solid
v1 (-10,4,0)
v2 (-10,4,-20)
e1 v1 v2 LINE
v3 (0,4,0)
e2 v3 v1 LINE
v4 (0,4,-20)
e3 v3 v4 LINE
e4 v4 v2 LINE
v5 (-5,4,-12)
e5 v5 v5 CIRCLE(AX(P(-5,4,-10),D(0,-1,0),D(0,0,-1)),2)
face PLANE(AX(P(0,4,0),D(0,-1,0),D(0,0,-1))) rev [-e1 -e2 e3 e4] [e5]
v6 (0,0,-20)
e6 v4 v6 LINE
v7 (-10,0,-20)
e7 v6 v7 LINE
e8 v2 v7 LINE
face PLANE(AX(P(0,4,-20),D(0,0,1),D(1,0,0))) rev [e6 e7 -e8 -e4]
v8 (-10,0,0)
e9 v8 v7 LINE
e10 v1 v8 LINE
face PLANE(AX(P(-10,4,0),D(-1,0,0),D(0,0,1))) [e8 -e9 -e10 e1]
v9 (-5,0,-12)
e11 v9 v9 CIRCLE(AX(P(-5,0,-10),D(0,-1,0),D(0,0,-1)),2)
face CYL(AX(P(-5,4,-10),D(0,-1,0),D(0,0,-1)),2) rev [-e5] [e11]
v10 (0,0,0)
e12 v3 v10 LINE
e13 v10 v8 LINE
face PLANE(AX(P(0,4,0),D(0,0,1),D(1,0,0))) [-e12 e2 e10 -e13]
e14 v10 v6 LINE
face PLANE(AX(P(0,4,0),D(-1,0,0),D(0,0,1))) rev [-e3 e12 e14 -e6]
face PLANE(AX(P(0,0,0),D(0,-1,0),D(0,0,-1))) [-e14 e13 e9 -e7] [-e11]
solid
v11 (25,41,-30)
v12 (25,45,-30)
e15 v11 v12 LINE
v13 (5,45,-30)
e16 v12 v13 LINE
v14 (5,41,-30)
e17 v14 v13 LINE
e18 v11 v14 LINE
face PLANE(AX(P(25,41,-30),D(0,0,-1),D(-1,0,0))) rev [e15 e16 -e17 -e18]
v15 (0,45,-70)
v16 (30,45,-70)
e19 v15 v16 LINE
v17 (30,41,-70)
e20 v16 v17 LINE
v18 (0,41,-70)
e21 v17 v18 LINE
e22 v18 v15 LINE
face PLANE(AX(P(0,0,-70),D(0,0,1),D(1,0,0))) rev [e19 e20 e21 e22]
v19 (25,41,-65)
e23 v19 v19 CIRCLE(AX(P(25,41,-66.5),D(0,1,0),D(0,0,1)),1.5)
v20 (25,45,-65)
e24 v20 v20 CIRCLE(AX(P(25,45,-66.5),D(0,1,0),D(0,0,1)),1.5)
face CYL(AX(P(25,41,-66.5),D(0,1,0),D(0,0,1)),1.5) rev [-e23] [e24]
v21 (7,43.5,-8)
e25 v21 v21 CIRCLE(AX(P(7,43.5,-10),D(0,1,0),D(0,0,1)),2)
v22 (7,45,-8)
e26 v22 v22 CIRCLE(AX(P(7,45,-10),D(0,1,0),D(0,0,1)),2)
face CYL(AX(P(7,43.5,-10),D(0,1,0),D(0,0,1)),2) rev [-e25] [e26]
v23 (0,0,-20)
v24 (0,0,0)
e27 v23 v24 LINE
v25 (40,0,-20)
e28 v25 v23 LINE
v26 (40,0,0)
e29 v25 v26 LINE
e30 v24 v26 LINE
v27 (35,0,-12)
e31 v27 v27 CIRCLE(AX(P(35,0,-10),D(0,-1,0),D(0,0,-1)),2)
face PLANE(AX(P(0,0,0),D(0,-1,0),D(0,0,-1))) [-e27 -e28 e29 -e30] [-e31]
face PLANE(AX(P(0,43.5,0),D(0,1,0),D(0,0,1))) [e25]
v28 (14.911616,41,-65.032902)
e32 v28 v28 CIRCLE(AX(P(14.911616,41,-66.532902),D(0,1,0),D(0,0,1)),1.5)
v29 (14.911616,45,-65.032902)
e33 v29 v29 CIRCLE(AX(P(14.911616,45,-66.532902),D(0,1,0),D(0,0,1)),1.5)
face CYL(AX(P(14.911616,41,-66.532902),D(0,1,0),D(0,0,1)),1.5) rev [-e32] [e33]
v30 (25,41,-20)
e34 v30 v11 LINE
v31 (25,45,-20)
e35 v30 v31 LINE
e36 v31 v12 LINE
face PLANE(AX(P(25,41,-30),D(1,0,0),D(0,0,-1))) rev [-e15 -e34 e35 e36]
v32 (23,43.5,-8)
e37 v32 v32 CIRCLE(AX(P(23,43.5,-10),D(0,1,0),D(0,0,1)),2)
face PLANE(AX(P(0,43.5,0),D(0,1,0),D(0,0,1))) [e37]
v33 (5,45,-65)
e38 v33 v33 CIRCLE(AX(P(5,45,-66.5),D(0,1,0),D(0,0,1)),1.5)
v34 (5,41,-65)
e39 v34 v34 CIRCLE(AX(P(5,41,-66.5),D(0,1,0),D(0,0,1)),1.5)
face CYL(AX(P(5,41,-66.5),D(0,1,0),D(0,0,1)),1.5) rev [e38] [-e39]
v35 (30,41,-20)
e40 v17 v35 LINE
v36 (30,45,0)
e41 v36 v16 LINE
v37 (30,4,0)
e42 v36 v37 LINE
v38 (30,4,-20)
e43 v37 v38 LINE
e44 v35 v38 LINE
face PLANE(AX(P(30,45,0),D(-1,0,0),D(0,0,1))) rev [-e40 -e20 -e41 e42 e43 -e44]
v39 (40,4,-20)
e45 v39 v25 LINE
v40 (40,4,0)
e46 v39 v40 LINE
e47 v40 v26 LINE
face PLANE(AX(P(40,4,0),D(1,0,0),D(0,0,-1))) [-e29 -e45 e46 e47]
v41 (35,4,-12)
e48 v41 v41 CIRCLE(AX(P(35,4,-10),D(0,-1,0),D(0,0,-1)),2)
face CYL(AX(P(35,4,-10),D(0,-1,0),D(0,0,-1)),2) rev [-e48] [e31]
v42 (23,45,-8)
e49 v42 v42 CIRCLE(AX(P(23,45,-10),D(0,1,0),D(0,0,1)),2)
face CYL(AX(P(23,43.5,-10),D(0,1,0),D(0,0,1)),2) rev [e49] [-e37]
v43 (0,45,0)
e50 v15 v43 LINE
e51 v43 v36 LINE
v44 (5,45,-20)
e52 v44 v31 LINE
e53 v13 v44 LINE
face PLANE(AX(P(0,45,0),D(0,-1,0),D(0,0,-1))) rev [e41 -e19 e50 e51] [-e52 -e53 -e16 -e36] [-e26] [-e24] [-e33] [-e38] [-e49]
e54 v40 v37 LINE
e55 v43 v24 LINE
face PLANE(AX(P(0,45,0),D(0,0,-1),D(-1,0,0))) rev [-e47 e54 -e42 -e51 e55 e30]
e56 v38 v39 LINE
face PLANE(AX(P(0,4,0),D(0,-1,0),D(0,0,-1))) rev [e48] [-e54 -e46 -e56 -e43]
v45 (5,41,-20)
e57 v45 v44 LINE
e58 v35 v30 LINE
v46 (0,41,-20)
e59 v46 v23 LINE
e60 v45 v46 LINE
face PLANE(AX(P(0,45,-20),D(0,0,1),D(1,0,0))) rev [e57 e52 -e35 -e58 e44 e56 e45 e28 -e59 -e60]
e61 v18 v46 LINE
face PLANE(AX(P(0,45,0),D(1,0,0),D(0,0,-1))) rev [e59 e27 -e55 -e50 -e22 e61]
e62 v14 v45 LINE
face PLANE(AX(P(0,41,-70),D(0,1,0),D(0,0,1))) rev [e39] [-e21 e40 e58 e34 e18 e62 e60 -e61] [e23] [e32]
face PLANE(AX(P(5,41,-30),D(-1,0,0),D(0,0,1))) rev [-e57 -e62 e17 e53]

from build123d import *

# Parameters (mm, degrees)
SKETCH1_W           = 30
SKETCH1_H           = 20
BOSS_EXTRUDE1_DEPTH = 45
SKETCH3_W           = 10
SKETCH3_H           = 20
BOSS_EXTRUDE2_DEPTH = 4
SKETCH4_W           = 10
SKETCH4_H           = 20
BOSS_EXTRUDE3_DEPTH = 4
SKETCH5_R           = 2
CUT_EXTRUDE2_DEPTH  = 4
SKETCH8_R           = 2
CUT_EXTRUDE3_DEPTH  = 1.5
SKETCH9_W           = 30
SKETCH9_H           = 4
BOSS_EXTRUDE4_DEPTH = 50
SKETCH10_W          = 20
SKETCH10_H          = 10
CUT_EXTRUDE4_DEPTH  = 4
SKETCH11_R          = 1.5
CUT_EXTRUDE5_DEPTH  = 4


with BuildPart() as part:
    # Sketch1 → Boss-Extrude1 (new body)
    with BuildSketch(Plane(origin=(0, 0, 0), x_dir=(1, 0, 0), z_dir=(0, 1, 0))):
        with Locations((15, 10)):
            Rectangle(SKETCH1_W, SKETCH1_H)
    extrude(amount=BOSS_EXTRUDE1_DEPTH)

    # Sketch3 → Boss-Extrude2 (add)
    with BuildSketch(Plane.XZ):
        with Locations((35, -10)):
            Rectangle(SKETCH3_W, SKETCH3_H)
    extrude(amount=-BOSS_EXTRUDE2_DEPTH)


with BuildPart() as body_2:
    # Sketch4 → Boss-Extrude3 (new body)
    with BuildSketch(Plane(origin=(0, 0, 0), x_dir=(-1, 0, 0), z_dir=(0, -1, 0))):
        with Locations((5, 10)):
            Rectangle(SKETCH4_W, SKETCH4_H)
    extrude(amount=-BOSS_EXTRUDE3_DEPTH)


with BuildPart() as cut_extrude2_tool:
    # Sketch5 → Cut-Extrude2 (new body)
    with BuildSketch(Plane.XZ):
        with Locations(Location((35, -10, 0), (0, 0, 270))):
            Circle(SKETCH5_R)
        with Locations(Location((-5, -10, 0), (0, 0, 270))):
            Circle(SKETCH5_R)
    extrude(amount=-CUT_EXTRUDE2_DEPTH)


with BuildPart() as part_1:
    add(part.part)

    # Cut-Extrude2: cut by cut_extrude2_tool
    add(cut_extrude2_tool.part, mode=Mode.SUBTRACT)

    # Sketch8 → Cut-Extrude3 (cut)
    with BuildSketch(Plane(origin=(0, 45, 0), x_dir=(1, 0, 0), z_dir=(0, 1, 0))):
        with Locations(Location((7, 10, 0), (0, 0, 270))):
            Circle(SKETCH8_R)
        with Locations(Location((23, 10, 0), (0, 0, 270))):
            Circle(SKETCH8_R)
    extrude(amount=-CUT_EXTRUDE3_DEPTH, mode=Mode.SUBTRACT)

    # Sketch9 → Boss-Extrude4 (add)
    with BuildSketch(Plane(origin=(0, 0, -20), x_dir=(-1, 0, 0), z_dir=(0, 0, -1))):
        with Locations((-15, 43)):
            Rectangle(SKETCH9_W, SKETCH9_H)
    extrude(amount=BOSS_EXTRUDE4_DEPTH)

    # Sketch10 → Cut-Extrude4 (cut)
    with BuildSketch(Plane(origin=(0, 45, 0), x_dir=(1, 0, 0), z_dir=(0, 1, 0))):
        with Locations((15, 25)):
            Rectangle(SKETCH10_W, SKETCH10_H)
    extrude(amount=-CUT_EXTRUDE4_DEPTH, mode=Mode.SUBTRACT)

    # Sketch11 → Cut-Extrude5 (cut)
    with BuildSketch(Plane(origin=(0, 45, 0), x_dir=(1, 0, 0), z_dir=(0, 1, 0))):
        with Locations(Location((25, 66.5, 0), (0, 0, 270))):
            Circle(SKETCH11_R)
        with Locations(Location((14.911615562, 66.532901833, 0), (0, 0, 270))):
            Circle(SKETCH11_R)
        with Locations(Location((5, 66.5, 0), (0, 0, 270))):
            Circle(SKETCH11_R)
    extrude(amount=-CUT_EXTRUDE5_DEPTH, mode=Mode.SUBTRACT)


with BuildPart() as body_2_1:
    add(body_2.part)

    # Cut-Extrude2: cut by cut_extrude2_tool
    add(cut_extrude2_tool.part, mode=Mode.SUBTRACT)


solid = Compound([part_1.part, body_2_1.part])
